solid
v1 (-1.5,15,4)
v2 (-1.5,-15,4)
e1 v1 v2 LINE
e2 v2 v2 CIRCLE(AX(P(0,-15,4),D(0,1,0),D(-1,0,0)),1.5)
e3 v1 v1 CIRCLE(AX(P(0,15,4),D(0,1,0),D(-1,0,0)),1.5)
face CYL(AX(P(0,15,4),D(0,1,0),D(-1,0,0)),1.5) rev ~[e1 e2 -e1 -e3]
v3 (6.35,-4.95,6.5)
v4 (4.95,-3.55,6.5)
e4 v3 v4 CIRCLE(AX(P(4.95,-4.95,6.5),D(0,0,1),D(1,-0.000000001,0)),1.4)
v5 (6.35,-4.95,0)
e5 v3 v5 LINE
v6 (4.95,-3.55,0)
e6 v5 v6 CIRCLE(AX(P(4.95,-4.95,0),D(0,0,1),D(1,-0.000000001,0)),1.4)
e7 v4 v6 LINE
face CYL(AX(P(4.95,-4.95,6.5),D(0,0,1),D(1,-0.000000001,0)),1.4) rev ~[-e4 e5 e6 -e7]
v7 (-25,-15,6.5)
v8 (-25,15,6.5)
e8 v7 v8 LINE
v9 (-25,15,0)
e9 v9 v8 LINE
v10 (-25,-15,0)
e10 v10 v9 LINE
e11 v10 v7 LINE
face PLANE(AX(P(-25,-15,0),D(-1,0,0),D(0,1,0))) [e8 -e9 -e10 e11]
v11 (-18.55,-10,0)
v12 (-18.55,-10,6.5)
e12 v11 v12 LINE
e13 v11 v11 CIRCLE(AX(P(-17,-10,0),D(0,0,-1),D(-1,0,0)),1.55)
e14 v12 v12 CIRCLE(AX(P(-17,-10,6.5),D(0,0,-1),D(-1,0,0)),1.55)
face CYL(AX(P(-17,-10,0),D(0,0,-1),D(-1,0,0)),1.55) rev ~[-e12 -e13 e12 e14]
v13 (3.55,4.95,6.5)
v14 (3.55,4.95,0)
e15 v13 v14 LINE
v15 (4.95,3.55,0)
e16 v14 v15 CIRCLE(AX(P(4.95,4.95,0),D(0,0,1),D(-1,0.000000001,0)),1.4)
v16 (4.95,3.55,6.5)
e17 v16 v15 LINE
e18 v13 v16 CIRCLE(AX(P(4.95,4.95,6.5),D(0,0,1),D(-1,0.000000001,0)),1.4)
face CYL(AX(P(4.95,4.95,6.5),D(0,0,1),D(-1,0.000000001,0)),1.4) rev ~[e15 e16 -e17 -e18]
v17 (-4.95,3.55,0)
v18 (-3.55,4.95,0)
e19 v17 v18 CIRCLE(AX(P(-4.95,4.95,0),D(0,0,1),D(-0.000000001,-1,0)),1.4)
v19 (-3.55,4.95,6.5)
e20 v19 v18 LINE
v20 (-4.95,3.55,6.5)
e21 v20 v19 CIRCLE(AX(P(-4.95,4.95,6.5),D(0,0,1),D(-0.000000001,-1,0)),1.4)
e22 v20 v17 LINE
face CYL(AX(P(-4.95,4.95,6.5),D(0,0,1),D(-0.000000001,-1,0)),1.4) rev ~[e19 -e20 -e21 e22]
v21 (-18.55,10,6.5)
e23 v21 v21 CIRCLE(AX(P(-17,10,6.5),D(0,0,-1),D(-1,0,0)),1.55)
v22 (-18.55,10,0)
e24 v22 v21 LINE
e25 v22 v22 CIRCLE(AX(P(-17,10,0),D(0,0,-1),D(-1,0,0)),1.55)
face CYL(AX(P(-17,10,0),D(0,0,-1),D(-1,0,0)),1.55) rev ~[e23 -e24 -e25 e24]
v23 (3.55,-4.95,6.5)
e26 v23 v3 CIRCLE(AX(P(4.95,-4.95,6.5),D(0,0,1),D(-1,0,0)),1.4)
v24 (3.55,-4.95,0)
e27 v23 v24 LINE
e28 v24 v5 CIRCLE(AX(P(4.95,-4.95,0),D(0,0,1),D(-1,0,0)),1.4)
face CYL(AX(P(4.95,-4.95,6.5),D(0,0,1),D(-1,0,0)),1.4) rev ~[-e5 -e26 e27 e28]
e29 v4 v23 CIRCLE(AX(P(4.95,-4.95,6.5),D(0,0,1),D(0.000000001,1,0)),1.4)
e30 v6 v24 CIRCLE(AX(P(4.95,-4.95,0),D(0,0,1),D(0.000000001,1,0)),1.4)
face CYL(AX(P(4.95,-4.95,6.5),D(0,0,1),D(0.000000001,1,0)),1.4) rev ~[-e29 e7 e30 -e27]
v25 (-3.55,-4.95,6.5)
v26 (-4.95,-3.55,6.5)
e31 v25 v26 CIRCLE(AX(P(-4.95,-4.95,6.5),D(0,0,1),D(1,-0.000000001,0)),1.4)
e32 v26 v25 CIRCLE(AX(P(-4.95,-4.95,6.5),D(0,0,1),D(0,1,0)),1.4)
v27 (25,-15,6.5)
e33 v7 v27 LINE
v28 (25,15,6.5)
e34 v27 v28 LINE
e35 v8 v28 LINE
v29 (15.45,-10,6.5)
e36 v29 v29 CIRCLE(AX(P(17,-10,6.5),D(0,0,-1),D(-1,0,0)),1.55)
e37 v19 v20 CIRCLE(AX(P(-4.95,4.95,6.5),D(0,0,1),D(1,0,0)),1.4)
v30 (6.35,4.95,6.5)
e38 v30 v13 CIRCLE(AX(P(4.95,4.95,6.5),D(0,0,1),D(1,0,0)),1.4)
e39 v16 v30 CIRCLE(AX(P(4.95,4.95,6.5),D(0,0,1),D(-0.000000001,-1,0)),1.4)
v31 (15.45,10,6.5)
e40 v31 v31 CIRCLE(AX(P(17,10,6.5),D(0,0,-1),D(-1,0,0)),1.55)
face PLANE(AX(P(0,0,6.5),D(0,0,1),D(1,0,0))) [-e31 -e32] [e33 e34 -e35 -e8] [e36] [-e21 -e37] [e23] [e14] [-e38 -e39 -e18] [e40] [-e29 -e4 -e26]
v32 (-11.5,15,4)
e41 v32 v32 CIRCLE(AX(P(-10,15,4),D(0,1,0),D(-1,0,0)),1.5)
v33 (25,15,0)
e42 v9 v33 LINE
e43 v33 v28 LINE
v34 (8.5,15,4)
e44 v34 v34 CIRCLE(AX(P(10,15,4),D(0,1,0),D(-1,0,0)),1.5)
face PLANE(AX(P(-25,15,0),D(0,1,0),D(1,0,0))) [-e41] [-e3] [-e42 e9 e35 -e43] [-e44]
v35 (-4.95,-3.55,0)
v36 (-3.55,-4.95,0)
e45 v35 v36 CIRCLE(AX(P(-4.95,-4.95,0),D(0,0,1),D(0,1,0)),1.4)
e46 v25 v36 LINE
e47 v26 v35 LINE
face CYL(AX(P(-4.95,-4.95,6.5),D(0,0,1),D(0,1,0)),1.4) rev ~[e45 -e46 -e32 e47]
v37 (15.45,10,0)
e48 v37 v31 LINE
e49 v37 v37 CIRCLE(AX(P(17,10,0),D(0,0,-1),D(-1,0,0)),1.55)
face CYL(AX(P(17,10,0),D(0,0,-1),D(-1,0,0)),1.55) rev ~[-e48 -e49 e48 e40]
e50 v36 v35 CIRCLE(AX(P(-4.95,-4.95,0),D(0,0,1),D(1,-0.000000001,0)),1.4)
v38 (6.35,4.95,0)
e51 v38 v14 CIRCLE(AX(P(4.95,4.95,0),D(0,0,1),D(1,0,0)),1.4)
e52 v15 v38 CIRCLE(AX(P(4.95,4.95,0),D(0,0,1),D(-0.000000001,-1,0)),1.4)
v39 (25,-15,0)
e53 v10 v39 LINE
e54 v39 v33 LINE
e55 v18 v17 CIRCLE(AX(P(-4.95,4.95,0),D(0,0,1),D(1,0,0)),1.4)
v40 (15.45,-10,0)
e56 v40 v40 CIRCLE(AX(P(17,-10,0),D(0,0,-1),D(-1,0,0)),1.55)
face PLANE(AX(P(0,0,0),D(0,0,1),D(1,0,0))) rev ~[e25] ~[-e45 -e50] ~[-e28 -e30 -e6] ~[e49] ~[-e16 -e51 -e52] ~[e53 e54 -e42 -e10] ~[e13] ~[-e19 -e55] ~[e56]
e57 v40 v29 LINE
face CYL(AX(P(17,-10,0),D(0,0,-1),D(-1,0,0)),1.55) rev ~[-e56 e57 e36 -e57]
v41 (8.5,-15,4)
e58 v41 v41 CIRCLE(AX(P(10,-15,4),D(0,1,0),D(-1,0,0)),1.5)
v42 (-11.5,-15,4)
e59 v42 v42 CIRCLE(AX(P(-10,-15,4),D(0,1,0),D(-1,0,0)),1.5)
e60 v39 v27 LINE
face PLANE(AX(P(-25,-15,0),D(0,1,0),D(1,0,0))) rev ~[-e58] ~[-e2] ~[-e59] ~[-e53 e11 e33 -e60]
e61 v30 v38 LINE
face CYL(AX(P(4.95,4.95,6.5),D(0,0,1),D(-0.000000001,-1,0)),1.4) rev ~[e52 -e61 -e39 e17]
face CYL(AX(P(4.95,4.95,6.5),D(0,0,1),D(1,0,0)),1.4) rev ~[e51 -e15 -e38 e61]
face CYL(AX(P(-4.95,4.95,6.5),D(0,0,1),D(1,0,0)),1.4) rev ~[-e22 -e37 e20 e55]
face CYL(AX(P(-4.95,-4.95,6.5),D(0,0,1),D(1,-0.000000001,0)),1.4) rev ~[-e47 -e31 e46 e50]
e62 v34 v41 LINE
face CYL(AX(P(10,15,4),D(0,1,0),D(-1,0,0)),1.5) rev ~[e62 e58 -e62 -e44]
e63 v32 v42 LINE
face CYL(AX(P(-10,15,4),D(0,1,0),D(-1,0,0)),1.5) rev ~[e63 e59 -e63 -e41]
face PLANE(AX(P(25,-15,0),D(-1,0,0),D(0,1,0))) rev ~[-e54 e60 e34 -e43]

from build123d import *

# Parameters (mm, degrees)
SKETCH_1_W          = 50
SKETCH_1_H          = 30
EXTRUDE_1_DEPTH     = 6.5
CUT_EXTRUDE_1_DEPTH = 30.870554062
SKETCH_4_R          = 1.55
CUT_EXTRUDE_2_DEPTH = 30.870554062
SKETCH_5_R          = 1.5
CUT_EXTRUDE_3_DEPTH = 40.588508434


with BuildPart() as part:
    # 草图1 → 凸台-拉伸1 (new body)
    with BuildSketch(Plane.XY):
        Rectangle(SKETCH_1_W, SKETCH_1_H)
    extrude(amount=EXTRUDE_1_DEPTH)

    # 草图2 → 切除-拉伸1 (cut, through all)
    with BuildSketch(Plane.XY.offset(6.5)):
        with BuildLine():
            ThreePointArc((-3.55, 4.95), (-5.939949494, 5.939949494), (-4.95, 3.55))
            Line((-4.95, 3.55), (-4.95, 4.95))
            Line((-4.95, 4.95), (-3.55, 4.95))
        make_face()
        with BuildLine():
            Line((-4.95, 4.95), (-4.95, 3.55))
            ThreePointArc((-4.95, 3.55), (-3.960050506, 3.960050506), (-3.55, 4.95))
            Line((-3.55, 4.95), (-4.95, 4.95))
        make_face()
        with BuildLine():
            ThreePointArc((3.55, 4.95), (3.960050506, 3.960050506), (4.95, 3.55))
            Line((4.95, 3.55), (4.95, 4.95))
            Line((4.95, 4.95), (3.55, 4.95))
        make_face()
        with BuildLine():
            Line((4.95, 4.95), (4.95, 3.55))
            ThreePointArc((4.95, 3.55), (5.939949494, 3.960050506), (6.35, 4.95))
            ThreePointArc((6.35, 4.95), (4.95, 6.35), (3.55, 4.95))
            Line((3.55, 4.95), (4.95, 4.95))
        make_face()
        with BuildLine():
            ThreePointArc((4.95, -3.55), (3.960050506, -3.960050506), (3.55, -4.95))
            Line((3.55, -4.95), (4.95, -4.95))
            Line((4.95, -4.95), (4.95, -3.55))
        make_face()
        with BuildLine():
            Line((4.95, -4.95), (3.55, -4.95))
            ThreePointArc((3.55, -4.95), (4.95, -6.35), (6.35, -4.95))
            ThreePointArc((6.35, -4.95), (5.939949494, -3.960050506), (4.95, -3.55))
            Line((4.95, -3.55), (4.95, -4.95))
        make_face()
        with BuildLine():
            ThreePointArc((-4.95, -3.55), (-5.939949494, -5.939949494), (-3.55, -4.95))
            Line((-3.55, -4.95), (-4.95, -4.95))
            Line((-4.95, -4.95), (-4.95, -3.55))
        make_face()
        with BuildLine():
            Line((-4.95, -4.95), (-3.55, -4.95))
            ThreePointArc((-3.55, -4.95), (-3.960050506, -3.960050506), (-4.95, -3.55))
            Line((-4.95, -3.55), (-4.95, -4.95))
        make_face()
    extrude(amount=-CUT_EXTRUDE_1_DEPTH, mode=Mode.SUBTRACT)

    # 草图4 → 切除-拉伸2 (cut, through all)
    with BuildSketch(Plane(origin=(0, 0, 0), x_dir=(-1, 0, 0), z_dir=(0, 0, -1))):
        with Locations((-17, 10)):
            Circle(SKETCH_4_R)
        with Locations((-17, -10)):
            Circle(SKETCH_4_R)
        with Locations((17, -10)):
            Circle(SKETCH_4_R)
        with Locations((17, 10)):
            Circle(SKETCH_4_R)
    extrude(amount=-CUT_EXTRUDE_2_DEPTH, mode=Mode.SUBTRACT)

    # 草图5 → 切除-拉伸3 (cut, through all)
    with BuildSketch(Plane(origin=(0, 15, 0), x_dir=(1, 0, 0), z_dir=(0, 1, 0))):
        with Locations(Location((-10, -4, 0), (0, 0, 180))):
            Circle(SKETCH_5_R)
        with Locations(Location((0, -4, 0), (0, 0, 180))):
            Circle(SKETCH_5_R)
        with Locations(Location((10, -4, 0), (0, 0, 180))):
            Circle(SKETCH_5_R)
    extrude(amount=-CUT_EXTRUDE_3_DEPTH, mode=Mode.SUBTRACT)


solid = part.part
